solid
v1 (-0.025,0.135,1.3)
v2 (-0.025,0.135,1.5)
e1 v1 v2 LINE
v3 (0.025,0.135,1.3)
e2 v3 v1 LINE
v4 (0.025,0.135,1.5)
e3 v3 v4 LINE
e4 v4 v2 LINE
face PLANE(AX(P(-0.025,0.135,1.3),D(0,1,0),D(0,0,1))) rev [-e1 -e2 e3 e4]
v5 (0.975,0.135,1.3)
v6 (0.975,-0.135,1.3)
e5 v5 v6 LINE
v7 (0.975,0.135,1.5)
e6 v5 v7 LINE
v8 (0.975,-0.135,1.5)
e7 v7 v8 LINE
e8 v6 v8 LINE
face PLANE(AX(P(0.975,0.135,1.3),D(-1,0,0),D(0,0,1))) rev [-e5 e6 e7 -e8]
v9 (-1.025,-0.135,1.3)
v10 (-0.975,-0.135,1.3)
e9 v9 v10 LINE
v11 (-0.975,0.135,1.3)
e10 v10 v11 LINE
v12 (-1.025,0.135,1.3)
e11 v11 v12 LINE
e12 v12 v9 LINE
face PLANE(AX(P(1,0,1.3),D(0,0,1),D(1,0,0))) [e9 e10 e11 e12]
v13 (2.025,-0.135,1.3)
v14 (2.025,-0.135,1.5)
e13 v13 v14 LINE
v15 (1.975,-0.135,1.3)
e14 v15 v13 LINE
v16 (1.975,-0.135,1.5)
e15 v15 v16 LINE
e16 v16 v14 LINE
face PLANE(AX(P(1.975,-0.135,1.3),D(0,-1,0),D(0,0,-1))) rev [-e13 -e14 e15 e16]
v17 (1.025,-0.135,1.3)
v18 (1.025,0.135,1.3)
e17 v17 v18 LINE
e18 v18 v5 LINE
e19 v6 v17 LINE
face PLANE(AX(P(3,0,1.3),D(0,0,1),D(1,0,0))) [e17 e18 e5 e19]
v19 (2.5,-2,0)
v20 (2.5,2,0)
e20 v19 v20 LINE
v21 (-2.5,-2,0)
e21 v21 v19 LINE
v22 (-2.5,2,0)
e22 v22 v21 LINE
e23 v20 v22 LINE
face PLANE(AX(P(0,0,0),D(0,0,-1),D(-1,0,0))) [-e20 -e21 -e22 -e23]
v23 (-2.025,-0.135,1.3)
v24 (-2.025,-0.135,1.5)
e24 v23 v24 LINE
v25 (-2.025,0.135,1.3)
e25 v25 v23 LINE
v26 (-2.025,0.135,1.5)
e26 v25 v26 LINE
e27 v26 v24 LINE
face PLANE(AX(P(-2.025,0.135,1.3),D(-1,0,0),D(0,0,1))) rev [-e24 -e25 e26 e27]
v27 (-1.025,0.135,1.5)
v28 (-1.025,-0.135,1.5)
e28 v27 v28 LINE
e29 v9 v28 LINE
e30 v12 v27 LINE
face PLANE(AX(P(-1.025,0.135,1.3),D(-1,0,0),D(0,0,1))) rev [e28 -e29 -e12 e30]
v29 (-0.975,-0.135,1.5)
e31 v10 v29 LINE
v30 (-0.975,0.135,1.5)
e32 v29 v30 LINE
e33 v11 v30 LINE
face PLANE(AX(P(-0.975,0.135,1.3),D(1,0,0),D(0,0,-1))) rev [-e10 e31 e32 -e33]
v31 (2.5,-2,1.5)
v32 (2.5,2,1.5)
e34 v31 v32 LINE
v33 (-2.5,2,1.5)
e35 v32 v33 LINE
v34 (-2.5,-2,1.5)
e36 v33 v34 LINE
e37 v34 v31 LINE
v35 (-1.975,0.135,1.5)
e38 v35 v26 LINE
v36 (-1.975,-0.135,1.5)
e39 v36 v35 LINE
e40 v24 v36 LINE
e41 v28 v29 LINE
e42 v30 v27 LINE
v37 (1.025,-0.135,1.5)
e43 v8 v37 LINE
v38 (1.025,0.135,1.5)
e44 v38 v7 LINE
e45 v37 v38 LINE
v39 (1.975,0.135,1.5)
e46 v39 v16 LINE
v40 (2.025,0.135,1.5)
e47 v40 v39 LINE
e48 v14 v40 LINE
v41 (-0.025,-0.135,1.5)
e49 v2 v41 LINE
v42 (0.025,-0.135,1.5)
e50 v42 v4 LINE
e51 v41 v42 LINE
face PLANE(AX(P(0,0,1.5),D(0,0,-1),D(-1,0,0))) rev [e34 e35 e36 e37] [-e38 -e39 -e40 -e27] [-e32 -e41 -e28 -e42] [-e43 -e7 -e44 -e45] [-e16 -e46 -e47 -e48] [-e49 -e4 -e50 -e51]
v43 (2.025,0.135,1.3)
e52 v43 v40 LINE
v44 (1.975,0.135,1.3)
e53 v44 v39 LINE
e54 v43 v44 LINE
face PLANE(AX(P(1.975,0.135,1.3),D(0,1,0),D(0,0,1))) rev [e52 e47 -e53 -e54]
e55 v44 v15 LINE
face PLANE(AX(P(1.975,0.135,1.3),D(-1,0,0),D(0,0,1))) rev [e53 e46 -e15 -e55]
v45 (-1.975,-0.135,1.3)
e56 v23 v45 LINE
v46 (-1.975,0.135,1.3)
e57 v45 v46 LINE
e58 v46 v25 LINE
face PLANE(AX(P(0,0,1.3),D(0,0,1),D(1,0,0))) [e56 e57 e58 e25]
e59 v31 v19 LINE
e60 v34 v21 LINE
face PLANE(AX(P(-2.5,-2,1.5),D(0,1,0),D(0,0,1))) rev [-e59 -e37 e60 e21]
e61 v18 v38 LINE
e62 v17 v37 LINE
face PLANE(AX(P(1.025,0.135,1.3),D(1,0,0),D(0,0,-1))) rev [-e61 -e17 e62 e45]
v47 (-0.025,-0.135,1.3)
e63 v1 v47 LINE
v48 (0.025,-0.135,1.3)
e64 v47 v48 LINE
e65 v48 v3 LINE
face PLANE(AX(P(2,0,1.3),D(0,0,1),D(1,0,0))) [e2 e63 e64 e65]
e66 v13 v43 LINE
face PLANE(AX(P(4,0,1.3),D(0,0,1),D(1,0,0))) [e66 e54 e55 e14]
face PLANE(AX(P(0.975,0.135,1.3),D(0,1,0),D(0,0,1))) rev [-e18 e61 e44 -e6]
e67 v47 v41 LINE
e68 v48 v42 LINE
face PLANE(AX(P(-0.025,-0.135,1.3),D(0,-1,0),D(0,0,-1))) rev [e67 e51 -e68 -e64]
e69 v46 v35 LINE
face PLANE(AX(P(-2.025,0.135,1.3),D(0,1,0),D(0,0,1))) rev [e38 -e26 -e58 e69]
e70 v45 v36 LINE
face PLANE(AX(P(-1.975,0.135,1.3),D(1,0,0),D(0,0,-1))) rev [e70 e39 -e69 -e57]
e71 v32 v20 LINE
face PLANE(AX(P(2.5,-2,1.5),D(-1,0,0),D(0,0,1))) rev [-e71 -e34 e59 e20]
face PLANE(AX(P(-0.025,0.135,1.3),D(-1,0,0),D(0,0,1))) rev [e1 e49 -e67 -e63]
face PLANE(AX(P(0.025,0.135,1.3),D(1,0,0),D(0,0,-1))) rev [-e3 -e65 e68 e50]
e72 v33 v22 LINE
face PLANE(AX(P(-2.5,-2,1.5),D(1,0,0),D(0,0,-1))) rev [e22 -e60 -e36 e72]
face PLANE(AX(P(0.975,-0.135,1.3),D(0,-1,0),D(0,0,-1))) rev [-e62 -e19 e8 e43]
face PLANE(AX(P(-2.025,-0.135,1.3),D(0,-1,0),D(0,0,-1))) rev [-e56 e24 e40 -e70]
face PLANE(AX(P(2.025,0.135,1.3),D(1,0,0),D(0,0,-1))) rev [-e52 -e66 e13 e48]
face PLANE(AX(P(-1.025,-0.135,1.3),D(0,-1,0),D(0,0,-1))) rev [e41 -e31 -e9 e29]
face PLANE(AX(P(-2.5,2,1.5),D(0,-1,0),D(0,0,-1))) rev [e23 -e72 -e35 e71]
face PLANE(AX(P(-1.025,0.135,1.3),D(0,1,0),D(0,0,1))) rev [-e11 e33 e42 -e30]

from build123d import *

# Parameters (mm, degrees)
SKIZZE1_W                       = 5
SKIZZE1_H                       = 4
AUFSATZ_LINEAR_AUSTRAGEN1_DEPTH = 1.5
SKIZZE2_W                       = 0.05
SKIZZE2_H                       = 0.27
SCHNITT_LINEAR_AUSTRAGEN1_DEPTH = 0.2
LINEARES_MUSTER1_COUNT          = 5
LINEARES_MUSTER1_PITCH          = 1


with BuildPart() as part:
    # Skizze1 → Aufsatz-Linear austragen1 (new body)
    with BuildSketch(Plane.XY):
        Rectangle(SKIZZE1_W, SKIZZE1_H)
    extrude(amount=AUFSATZ_LINEAR_AUSTRAGEN1_DEPTH)

    # Skizze2 → Schnitt-Linear austragen1 (cut)
    with BuildSketch(Plane.XY.offset(1.5)):
        with Locations((-2, 0)):
            Rectangle(SKIZZE2_W, SKIZZE2_H)
    schnitt_linear_austragen1 = extrude(amount=-SCHNITT_LINEAR_AUSTRAGEN1_DEPTH, mode=Mode.SUBTRACT)

    # Lineares Muster1: Schnitt-Linear austragen1 ×5
    with Locations(*[(i * LINEARES_MUSTER1_PITCH, 0, 0) for i in range(1, LINEARES_MUSTER1_COUNT)]):
        add(schnitt_linear_austragen1, mode=Mode.SUBTRACT)


solid = part.part
